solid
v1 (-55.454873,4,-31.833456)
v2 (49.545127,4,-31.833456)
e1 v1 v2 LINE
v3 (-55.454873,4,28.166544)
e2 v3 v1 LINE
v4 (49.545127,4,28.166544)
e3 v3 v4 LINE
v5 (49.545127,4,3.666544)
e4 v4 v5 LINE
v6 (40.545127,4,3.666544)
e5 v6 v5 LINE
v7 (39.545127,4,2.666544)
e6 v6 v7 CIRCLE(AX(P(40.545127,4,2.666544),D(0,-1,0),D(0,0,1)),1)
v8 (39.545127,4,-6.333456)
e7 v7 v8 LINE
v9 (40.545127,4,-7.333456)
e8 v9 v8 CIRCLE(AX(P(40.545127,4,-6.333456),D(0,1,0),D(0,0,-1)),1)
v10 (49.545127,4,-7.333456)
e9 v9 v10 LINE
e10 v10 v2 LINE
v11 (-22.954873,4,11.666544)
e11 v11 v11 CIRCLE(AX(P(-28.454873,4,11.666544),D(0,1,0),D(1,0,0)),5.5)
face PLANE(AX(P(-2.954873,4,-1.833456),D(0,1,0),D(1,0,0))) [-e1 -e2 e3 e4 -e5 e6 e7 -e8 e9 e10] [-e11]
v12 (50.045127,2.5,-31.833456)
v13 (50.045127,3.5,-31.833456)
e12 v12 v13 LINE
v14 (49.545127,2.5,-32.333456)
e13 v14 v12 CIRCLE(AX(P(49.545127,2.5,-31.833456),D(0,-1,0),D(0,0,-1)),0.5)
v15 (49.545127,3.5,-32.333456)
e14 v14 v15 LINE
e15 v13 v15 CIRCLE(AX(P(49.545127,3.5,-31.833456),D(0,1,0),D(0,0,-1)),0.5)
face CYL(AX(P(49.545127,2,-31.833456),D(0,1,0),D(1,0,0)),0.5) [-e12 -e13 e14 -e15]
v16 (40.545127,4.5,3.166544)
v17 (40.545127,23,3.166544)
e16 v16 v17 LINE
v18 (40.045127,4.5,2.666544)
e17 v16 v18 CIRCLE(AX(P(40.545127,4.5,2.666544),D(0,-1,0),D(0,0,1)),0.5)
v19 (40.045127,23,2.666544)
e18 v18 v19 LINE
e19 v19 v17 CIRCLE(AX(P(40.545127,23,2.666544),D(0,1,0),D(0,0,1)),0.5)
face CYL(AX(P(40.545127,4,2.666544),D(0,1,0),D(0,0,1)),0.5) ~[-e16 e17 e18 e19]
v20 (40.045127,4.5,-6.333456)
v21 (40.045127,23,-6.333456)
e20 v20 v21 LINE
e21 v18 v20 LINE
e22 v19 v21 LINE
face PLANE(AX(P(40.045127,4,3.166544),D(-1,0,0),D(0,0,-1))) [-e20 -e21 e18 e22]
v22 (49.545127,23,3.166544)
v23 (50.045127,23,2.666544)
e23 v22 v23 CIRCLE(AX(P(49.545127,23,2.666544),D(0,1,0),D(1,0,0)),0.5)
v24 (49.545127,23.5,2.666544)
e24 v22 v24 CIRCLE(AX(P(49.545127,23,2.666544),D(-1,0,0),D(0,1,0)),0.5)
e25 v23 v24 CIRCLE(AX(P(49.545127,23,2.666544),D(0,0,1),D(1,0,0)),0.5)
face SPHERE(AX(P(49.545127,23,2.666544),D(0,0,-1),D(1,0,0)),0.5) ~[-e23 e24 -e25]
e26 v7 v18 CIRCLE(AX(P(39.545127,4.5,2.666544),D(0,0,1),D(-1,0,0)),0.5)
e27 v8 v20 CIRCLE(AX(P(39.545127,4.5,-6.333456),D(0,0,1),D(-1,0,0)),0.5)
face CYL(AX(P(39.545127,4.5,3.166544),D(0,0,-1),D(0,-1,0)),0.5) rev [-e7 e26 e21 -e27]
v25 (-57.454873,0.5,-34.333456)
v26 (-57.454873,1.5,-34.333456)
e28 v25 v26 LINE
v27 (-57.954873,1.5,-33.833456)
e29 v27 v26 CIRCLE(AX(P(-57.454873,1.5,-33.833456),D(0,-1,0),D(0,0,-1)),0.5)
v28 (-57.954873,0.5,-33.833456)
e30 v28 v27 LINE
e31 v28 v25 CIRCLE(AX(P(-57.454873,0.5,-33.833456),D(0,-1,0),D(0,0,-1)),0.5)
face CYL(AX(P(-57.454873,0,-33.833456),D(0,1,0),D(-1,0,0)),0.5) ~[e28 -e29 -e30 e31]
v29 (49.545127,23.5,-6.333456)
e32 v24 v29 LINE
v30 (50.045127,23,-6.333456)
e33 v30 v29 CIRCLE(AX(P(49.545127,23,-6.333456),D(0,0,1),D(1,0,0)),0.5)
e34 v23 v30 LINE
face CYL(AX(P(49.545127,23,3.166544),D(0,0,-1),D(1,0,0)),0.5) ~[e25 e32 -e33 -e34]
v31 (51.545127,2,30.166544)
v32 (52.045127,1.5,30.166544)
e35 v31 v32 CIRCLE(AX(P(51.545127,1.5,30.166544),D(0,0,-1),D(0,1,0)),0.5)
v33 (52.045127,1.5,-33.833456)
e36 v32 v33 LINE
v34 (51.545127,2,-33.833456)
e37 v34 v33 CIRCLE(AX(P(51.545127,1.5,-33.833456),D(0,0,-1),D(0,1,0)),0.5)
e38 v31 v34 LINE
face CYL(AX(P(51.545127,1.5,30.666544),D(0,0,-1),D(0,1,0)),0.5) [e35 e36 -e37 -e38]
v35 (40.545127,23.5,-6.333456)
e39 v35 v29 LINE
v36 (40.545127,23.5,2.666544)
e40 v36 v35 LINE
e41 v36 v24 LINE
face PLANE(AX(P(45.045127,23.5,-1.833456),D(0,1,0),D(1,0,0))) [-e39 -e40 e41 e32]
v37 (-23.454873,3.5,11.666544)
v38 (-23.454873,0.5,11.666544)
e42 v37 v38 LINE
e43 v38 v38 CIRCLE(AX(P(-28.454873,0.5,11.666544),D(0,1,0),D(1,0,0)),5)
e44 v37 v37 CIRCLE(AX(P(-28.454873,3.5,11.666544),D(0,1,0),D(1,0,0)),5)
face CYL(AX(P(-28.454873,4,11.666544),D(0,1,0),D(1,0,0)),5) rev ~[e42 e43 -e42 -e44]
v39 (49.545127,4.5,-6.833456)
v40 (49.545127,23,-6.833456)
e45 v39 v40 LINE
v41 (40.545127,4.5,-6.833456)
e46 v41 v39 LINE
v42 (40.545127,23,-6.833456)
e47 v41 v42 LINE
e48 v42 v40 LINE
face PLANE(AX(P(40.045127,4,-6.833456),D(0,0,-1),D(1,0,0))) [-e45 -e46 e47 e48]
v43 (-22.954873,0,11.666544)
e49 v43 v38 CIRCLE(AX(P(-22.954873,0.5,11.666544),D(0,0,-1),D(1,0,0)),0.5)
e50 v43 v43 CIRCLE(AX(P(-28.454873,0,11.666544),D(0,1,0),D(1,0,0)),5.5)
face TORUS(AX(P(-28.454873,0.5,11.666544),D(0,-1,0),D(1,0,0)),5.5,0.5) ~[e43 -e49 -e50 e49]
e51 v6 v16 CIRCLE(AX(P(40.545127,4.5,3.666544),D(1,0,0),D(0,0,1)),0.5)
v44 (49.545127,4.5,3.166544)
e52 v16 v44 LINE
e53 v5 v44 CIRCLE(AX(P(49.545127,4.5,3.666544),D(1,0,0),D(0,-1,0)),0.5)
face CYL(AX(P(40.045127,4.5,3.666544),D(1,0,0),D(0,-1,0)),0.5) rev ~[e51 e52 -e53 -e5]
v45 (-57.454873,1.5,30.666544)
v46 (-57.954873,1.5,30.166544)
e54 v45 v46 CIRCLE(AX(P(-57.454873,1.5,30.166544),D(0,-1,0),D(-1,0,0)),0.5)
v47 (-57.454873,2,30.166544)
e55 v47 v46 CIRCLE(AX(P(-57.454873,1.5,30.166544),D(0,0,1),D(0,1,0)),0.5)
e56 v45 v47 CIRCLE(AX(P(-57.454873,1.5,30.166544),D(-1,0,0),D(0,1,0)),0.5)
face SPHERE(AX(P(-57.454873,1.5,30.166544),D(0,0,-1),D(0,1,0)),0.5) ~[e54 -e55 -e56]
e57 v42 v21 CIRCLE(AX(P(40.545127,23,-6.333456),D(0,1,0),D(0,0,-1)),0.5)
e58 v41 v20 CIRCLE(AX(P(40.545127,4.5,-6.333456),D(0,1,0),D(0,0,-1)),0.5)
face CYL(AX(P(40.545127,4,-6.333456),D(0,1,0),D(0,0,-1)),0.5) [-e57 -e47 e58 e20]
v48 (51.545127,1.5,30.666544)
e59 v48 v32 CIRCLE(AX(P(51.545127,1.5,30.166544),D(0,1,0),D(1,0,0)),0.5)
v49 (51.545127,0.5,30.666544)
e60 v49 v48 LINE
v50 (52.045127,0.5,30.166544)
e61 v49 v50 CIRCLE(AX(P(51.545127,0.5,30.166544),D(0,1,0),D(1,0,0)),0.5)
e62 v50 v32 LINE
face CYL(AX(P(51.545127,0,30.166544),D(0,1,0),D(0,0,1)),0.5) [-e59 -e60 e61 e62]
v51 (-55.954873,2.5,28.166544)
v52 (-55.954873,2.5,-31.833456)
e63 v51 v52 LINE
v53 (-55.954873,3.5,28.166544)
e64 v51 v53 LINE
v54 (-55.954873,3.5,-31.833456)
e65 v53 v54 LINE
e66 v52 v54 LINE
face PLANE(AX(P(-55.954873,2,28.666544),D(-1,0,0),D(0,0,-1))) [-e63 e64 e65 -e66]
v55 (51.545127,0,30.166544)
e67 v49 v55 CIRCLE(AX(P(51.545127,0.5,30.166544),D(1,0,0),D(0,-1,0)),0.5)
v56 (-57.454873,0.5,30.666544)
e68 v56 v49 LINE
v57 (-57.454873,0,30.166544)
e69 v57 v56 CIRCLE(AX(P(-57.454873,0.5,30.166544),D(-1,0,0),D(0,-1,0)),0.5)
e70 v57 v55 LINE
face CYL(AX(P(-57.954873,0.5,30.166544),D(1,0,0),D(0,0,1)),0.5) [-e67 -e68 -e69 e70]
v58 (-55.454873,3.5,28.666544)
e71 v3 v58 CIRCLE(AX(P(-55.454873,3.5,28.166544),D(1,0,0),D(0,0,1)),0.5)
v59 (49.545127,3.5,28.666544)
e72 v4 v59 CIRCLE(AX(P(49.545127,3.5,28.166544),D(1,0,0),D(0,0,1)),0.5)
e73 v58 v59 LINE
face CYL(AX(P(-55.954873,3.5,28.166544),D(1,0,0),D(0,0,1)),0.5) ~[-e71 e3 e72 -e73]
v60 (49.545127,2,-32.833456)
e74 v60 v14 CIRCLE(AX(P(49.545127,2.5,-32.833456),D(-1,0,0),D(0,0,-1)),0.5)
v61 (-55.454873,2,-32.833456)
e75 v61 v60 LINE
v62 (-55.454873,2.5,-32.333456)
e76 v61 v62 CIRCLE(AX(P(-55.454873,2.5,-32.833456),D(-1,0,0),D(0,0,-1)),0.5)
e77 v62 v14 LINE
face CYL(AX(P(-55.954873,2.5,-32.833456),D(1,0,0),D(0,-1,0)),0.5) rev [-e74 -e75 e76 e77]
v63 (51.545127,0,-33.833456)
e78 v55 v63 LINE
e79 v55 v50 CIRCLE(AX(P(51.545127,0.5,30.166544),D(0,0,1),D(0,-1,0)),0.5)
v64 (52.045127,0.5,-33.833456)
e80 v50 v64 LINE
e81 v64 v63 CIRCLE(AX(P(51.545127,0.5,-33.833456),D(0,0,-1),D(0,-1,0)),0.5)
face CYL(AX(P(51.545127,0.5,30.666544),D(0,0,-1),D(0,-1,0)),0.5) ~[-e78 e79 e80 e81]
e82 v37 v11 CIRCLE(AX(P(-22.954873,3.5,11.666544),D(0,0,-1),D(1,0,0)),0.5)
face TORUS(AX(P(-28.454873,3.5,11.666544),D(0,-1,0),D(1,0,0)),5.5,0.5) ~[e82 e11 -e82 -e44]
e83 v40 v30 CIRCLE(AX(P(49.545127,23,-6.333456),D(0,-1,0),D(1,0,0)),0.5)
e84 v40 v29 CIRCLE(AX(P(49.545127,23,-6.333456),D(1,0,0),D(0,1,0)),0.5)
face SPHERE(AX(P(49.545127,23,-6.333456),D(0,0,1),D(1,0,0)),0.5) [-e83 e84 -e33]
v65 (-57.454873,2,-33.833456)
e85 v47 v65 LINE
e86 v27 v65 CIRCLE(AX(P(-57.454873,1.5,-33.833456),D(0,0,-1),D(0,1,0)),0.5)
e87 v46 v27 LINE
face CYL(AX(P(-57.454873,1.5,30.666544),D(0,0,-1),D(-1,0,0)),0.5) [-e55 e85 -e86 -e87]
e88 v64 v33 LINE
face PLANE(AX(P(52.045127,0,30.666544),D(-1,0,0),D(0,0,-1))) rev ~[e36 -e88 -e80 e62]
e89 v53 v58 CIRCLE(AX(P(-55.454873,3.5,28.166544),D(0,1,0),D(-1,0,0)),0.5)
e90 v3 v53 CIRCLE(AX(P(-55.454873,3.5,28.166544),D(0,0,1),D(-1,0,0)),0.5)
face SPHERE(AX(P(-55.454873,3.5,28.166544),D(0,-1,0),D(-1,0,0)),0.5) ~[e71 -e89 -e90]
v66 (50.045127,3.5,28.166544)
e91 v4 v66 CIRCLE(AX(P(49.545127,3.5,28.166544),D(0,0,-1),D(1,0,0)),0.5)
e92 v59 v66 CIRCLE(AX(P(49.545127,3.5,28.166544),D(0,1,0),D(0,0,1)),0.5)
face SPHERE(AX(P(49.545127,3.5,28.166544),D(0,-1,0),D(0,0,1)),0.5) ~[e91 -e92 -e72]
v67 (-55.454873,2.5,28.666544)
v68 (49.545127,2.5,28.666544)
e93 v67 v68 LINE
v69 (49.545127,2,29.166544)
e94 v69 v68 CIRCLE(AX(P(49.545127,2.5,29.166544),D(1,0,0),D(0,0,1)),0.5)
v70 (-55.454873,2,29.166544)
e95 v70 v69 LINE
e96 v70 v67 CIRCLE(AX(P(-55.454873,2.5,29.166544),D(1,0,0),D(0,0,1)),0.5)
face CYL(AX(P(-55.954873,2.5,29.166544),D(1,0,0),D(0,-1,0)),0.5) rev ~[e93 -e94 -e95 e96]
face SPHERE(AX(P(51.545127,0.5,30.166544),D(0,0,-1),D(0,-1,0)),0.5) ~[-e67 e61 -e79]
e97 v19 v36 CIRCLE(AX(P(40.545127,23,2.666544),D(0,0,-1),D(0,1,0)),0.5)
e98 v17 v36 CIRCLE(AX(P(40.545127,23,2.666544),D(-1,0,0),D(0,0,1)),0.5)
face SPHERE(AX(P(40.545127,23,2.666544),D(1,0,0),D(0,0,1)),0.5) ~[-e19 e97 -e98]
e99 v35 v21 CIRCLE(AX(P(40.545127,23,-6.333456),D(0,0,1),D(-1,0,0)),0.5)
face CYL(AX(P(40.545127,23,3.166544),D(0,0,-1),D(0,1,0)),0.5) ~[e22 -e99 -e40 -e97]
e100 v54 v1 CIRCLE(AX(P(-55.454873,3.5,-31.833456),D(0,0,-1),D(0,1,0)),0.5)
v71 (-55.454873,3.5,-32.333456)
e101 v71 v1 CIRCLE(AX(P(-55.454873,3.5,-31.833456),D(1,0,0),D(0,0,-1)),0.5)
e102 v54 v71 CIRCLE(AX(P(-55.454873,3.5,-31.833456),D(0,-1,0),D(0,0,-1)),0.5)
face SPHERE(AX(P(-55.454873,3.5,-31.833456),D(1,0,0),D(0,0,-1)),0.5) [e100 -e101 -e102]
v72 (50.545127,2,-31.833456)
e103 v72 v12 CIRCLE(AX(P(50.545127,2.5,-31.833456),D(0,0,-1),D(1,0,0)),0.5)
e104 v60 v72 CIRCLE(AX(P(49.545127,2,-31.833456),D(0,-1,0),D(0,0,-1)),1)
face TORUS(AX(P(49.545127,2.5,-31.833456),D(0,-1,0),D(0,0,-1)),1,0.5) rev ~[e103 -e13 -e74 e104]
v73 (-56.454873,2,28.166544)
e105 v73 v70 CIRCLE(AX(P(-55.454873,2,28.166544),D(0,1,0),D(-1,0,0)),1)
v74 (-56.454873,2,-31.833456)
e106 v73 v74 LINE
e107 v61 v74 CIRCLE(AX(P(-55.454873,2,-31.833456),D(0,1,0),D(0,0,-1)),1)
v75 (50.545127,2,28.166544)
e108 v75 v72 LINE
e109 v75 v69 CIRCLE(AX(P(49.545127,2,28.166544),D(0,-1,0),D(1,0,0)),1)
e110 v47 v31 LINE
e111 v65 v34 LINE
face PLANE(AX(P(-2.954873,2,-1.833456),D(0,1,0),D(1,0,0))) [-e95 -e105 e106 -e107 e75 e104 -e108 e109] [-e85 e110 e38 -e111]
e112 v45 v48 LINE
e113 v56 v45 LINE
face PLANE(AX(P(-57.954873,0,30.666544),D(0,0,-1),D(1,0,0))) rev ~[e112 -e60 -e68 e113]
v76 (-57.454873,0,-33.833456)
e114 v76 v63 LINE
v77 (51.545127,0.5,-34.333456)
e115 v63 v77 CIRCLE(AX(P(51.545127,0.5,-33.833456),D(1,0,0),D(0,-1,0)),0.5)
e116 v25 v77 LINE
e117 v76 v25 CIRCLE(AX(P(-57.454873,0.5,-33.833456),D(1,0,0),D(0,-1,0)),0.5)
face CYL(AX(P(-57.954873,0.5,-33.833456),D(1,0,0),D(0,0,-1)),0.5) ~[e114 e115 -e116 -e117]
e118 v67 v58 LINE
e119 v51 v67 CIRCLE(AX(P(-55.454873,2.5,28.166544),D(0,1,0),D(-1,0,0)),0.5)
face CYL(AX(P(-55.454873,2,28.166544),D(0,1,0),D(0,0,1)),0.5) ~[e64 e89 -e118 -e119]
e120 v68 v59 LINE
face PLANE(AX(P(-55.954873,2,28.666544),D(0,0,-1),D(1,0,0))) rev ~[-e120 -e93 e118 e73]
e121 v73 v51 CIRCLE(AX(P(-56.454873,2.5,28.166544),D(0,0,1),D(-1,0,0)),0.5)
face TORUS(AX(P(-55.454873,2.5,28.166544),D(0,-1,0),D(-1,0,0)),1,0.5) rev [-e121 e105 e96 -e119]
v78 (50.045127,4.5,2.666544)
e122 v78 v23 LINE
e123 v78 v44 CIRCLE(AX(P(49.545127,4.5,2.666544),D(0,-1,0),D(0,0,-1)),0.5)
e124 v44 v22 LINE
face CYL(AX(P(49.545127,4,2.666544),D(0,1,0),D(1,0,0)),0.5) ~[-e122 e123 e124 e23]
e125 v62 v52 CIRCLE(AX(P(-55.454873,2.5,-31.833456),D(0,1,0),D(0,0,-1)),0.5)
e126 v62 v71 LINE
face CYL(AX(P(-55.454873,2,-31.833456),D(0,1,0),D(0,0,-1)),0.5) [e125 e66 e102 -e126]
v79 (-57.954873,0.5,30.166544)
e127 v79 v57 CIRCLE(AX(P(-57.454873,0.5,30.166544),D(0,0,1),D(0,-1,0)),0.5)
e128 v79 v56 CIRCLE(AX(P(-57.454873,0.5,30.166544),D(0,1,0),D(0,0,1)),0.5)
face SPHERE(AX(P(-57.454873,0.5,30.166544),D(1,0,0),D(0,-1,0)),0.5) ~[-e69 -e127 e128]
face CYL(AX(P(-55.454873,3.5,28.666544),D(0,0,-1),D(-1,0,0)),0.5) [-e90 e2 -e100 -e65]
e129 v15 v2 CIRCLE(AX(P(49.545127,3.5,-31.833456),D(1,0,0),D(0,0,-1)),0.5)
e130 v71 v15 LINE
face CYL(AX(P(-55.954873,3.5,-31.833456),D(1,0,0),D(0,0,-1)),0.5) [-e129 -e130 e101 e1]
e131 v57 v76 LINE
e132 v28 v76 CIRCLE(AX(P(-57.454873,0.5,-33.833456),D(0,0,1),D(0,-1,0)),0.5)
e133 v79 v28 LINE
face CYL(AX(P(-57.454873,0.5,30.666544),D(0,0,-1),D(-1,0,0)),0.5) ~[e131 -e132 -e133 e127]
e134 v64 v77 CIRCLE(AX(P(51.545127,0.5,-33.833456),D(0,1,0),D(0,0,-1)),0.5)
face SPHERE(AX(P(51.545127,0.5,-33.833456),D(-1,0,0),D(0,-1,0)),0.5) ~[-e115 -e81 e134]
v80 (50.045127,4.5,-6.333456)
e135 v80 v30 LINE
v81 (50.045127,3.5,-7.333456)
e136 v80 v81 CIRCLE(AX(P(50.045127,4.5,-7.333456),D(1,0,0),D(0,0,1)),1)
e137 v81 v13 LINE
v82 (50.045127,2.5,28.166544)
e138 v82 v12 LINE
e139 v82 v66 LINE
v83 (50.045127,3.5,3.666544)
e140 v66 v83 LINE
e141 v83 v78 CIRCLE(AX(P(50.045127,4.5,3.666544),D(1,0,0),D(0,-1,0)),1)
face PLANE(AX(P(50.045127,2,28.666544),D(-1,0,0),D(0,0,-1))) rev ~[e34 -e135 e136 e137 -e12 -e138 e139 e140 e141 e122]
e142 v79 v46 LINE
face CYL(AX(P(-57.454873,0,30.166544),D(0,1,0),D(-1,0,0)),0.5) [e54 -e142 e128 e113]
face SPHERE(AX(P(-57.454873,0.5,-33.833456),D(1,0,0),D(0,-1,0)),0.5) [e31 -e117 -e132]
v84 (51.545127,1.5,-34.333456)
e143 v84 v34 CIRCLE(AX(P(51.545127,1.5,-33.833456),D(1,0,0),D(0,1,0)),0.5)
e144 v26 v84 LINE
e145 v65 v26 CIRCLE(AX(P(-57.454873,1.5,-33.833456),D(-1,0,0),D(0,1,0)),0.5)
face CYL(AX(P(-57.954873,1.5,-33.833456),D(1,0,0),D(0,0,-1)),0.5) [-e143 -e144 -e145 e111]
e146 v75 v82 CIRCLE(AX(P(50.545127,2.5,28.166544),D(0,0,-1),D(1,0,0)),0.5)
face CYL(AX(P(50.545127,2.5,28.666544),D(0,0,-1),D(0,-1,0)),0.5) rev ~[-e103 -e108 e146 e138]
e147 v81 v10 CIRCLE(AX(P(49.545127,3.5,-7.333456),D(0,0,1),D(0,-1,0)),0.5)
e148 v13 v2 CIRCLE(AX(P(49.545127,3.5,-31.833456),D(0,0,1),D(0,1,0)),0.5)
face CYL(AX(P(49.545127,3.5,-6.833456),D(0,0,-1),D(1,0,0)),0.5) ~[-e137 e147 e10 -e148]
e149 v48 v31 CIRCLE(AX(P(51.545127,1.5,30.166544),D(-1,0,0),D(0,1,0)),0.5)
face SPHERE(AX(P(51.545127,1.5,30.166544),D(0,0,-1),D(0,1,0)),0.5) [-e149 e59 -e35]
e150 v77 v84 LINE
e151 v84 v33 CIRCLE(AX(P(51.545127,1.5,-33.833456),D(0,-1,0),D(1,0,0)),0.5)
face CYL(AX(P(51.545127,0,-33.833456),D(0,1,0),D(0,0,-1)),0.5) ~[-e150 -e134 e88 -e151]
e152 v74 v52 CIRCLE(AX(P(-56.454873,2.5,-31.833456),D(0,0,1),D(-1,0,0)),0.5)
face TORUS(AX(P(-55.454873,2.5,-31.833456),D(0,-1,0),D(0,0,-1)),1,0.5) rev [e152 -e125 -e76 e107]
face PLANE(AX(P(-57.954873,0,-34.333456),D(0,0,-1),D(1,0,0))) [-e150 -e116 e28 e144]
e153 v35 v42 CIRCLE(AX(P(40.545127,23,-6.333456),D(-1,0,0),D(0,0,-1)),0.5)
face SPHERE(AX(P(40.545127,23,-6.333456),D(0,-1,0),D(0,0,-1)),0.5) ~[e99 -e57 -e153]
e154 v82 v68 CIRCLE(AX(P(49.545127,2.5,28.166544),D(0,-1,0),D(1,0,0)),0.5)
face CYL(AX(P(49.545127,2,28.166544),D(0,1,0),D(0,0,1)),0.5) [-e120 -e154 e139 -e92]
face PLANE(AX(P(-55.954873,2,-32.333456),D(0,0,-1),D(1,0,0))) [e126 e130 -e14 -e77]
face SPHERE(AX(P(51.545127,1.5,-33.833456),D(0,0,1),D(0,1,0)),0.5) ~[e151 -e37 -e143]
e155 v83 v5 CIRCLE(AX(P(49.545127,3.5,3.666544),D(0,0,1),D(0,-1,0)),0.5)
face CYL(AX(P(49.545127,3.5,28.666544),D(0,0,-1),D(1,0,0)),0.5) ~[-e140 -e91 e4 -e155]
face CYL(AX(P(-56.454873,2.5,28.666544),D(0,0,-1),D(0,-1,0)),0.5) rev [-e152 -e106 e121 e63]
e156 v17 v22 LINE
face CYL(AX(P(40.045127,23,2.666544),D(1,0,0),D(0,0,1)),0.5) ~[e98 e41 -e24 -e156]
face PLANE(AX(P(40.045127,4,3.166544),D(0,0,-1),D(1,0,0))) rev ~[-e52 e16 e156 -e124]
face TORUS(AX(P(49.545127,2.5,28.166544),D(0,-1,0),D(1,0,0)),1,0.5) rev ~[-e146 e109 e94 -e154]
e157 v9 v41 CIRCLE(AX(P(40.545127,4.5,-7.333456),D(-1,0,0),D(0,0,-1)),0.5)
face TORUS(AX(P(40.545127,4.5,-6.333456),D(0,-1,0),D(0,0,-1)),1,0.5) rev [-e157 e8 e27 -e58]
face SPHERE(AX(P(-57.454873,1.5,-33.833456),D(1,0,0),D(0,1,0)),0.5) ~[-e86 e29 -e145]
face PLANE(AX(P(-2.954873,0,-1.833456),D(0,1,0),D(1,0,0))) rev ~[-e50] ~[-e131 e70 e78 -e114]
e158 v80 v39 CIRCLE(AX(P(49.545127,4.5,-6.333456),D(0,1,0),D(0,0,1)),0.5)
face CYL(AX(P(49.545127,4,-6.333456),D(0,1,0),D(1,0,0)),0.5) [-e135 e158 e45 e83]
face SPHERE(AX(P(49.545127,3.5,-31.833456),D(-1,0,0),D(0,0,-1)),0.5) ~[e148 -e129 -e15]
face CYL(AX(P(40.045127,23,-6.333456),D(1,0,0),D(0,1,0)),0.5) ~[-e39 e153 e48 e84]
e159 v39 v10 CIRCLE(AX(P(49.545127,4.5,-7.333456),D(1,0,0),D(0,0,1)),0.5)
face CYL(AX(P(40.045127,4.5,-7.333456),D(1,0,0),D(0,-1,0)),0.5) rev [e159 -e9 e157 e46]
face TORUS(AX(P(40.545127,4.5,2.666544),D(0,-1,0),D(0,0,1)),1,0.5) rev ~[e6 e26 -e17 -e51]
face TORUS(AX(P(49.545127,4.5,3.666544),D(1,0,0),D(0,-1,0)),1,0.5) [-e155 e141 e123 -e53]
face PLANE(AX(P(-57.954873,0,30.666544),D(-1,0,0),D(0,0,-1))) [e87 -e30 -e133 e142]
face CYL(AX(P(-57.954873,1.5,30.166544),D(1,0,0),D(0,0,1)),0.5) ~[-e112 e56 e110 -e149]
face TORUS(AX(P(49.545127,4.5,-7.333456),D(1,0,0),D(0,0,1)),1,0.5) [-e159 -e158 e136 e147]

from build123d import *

# Parameters (mm, degrees)
SKETCH1_W           = 110
SKETCH1_H           = 65
BOSS_EXTRUDE1_DEPTH = 2
SKETCH2_W           = 106
SKETCH2_H           = 61
BOSS_EXTRUDE3_DEPTH = 2
SKETCH6_W           = 10
SKETCH6_H           = 10
BOSS_EXTRUDE4_DEPTH = 19.5
SKETCH7_R           = 5
CUT_EXTRUDE1_DEPTH  = 5
FILLET1_R           = 0.5


with BuildPart() as part:
    # Sketch1 → Boss-Extrude1 (new body)
    with BuildSketch(Plane(origin=(0, 0, 0), x_dir=(1, 0, 0), z_dir=(0, 1, 0))):
        with Locations((-2.954873439, 1.833455829)):
            Rectangle(SKETCH1_W, SKETCH1_H)
    extrude(amount=BOSS_EXTRUDE1_DEPTH)

    # Sketch2 → Boss-Extrude3 (add)
    with BuildSketch(Plane(origin=(0, 2, 0), x_dir=(1, 0, 0), z_dir=(0, 1, 0))):
        with Locations((-2.954873439, 1.833455829)):
            Rectangle(SKETCH2_W, SKETCH2_H)
    extrude(amount=BOSS_EXTRUDE3_DEPTH)

    # Sketch6 → Boss-Extrude4 (add)
    with BuildSketch(Plane(origin=(0, 4, 0), x_dir=(1, 0, 0), z_dir=(0, 1, 0))):
        with Locations((45.045126561, 1.833455829)):
            Rectangle(SKETCH6_W, SKETCH6_H)
    extrude(amount=BOSS_EXTRUDE4_DEPTH)

    # Sketch7 → Cut-Extrude1 (cut, through all)
    with BuildSketch(Plane(origin=(0, 4, 0), x_dir=(1, 0, 0), z_dir=(0, 1, 0))):
        with Locations((-28.454873439, -11.666544171)):
            Circle(SKETCH7_R)
    extrude(amount=-CUT_EXTRUDE1_DEPTH, mode=Mode.SUBTRACT)

    # Fillet1
    fillet1_edges = [part.edges().sort_by_distance(p)[0] for p in [
        (52.045126561, 2, -1.833455829),
        (-2.954873439, 2, -34.333455829),
        (-2.954873439, 4, -32.333455829),
        (50.045126561, 3, -32.333455829),
        (-55.954873439, 2, -1.833455829),
        (-55.954873439, 3, -32.333455829),
        (-2.954873439, 2, 28.666544171),
        (-55.954873439, 3, 28.666544171),
        (50.045126561, 4, -19.583455829),
        (50.045126561, 3, 28.666544171),
        (-55.954873439, 4, -1.833455829),
        (-2.954873439, 4, 28.666544171),
        (-2.954873439, 2, -32.333455829),
        (50.045126561, 2, -1.833455829),
        (50.045126561, 4, 15.916544171),
        (50.045126561, 23.5, -1.833455829),
        (50.045126561, 13.75, 3.166544171),
        (45.045126561, 4, -6.833455829),
        (50.045126561, 13.75, -6.833455829),
        (40.045126561, 4, -1.833455829),
        (40.045126561, 13.75, -6.833455829),
        (45.045126561, 23.5, 3.166544171),
        (40.045126561, 13.75, 3.166544171),
        (45.045126561, 23.5, -6.833455829),
        (40.045126561, 23.5, -1.833455829),
        (45.045126561, 4, 3.166544171),
        (-57.954873439, 2, -1.833455829),
        (-33.454873439, 0, 11.666544171),
        (-33.454873439, 4, 11.666544171),
        (-2.954873439, 0, -34.333455829),
        (52.045126561, 0, -1.833455829),
        (-2.954873439, 0, 30.666544171),
        (-57.954873439, 0, -1.833455829),
        (-2.954873439, 2, 30.666544171),
        (-57.954873439, 1, -34.333455829),
        (52.045126561, 1, -34.333455829),
        (52.045126561, 1, 30.666544171),
        (-57.954873439, 1, 30.666544171),
    ]]
    fillet(fillet1_edges, radius=FILLET1_R)


solid = part.part
